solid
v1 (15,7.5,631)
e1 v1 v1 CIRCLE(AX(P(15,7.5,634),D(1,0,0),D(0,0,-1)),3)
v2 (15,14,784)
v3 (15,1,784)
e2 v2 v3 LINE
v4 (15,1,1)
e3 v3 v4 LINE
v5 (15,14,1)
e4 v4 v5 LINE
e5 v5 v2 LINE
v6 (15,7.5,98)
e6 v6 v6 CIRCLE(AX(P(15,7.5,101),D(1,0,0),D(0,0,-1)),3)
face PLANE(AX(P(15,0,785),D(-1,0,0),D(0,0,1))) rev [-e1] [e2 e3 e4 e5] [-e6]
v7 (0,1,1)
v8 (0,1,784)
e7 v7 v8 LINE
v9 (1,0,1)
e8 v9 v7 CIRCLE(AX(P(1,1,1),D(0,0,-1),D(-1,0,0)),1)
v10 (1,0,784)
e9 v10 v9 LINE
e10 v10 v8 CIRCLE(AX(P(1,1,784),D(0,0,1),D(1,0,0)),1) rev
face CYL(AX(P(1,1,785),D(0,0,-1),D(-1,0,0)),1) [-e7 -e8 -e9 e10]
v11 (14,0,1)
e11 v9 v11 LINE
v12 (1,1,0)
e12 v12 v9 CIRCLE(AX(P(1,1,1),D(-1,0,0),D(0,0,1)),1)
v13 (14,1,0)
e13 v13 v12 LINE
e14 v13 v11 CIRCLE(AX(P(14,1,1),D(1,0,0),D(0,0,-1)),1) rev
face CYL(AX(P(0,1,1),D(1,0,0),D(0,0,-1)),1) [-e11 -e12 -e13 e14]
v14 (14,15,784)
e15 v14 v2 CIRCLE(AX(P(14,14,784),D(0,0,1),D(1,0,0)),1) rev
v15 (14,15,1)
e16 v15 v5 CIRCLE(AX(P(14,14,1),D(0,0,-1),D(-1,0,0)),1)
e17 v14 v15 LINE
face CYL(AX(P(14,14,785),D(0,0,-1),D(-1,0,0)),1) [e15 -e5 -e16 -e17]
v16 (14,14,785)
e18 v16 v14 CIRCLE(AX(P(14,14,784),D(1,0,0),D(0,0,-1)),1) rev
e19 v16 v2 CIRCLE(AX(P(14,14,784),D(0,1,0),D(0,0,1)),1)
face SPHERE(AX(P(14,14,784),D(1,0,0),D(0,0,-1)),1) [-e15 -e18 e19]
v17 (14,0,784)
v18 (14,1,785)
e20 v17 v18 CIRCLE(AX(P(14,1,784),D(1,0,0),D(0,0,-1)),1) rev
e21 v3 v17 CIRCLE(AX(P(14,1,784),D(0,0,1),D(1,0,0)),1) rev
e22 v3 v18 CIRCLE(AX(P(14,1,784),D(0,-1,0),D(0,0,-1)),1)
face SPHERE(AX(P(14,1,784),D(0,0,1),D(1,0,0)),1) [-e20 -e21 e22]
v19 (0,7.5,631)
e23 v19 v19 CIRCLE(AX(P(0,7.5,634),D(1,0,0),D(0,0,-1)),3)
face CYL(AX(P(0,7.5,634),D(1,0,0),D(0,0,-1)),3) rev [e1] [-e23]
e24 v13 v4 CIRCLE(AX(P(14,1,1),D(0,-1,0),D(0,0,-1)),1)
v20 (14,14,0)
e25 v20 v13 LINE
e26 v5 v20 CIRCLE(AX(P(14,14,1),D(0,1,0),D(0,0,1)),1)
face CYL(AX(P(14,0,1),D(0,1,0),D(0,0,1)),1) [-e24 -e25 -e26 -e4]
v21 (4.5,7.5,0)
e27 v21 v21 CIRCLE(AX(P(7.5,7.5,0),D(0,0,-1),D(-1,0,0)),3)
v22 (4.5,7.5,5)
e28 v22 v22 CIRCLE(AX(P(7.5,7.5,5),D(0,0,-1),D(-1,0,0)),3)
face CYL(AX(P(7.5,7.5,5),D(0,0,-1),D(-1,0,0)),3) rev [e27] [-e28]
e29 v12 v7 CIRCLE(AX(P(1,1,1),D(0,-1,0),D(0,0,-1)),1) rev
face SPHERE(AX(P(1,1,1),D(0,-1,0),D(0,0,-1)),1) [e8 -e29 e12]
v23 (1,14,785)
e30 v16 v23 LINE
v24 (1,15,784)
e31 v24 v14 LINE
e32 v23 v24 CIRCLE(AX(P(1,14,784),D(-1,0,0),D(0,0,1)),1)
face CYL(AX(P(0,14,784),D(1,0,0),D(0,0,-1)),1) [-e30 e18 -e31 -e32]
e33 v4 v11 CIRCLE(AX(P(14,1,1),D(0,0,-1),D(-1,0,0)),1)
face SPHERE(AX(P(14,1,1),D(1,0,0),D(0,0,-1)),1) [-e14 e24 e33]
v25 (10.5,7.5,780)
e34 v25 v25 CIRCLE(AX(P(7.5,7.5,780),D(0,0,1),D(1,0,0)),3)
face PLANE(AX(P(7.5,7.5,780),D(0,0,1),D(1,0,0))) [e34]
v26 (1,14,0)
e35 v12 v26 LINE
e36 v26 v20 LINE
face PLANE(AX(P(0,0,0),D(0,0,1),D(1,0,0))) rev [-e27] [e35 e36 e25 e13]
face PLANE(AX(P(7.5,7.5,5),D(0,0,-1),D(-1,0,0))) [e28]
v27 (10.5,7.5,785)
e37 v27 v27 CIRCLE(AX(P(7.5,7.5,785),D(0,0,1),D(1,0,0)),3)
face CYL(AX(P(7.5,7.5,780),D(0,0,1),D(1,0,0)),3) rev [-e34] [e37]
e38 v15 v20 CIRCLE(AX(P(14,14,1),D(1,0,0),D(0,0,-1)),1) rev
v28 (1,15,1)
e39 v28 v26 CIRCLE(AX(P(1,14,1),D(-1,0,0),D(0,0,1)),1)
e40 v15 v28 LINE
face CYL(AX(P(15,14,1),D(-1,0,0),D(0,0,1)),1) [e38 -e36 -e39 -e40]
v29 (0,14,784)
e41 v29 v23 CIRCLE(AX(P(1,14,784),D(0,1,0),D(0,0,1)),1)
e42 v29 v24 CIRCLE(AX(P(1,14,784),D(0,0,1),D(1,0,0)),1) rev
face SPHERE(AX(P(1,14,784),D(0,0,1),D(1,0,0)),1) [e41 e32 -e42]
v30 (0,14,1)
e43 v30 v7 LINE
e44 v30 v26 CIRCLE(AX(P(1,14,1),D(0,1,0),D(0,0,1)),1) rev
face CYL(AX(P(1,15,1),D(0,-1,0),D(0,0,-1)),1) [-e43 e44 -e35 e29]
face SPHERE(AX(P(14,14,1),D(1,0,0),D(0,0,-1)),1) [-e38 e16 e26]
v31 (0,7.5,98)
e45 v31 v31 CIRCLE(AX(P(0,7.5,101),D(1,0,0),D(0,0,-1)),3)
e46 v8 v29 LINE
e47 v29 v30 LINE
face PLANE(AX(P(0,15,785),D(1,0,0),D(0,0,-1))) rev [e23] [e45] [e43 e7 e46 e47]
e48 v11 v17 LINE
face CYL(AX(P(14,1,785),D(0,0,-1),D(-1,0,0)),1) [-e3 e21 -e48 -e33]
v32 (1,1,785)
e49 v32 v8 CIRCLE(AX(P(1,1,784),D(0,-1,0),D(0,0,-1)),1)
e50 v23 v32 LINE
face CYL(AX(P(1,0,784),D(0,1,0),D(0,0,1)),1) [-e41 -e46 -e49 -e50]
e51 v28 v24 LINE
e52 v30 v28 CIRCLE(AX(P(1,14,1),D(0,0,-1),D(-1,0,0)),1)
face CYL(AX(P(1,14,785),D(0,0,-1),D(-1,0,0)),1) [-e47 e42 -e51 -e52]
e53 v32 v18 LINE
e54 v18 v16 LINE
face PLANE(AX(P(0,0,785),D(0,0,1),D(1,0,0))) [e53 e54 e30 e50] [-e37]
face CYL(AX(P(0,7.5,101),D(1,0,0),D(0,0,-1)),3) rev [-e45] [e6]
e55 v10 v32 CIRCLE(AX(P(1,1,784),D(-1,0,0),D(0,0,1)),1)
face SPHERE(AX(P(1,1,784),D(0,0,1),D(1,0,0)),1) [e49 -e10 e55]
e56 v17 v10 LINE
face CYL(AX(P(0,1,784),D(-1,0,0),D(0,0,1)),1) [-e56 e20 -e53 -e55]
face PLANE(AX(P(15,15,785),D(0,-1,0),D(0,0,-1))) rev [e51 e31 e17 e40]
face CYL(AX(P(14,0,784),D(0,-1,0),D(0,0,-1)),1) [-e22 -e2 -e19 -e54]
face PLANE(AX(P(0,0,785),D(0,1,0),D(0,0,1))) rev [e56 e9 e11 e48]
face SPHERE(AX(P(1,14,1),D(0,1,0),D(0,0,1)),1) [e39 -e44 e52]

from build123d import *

# Parameters (mm, degrees)
SKETCH1_W           = 15
SKETCH1_H           = 15
BOSS_EXTRUDE1_DEPTH = 785
SKETCH2_R           = 3
CUT_EXTRUDE1_DEPTH  = 5
CUT_EXTRUDE2_START  = -5
SKETCH3_R           = 3
CUT_EXTRUDE2_DEPTH  = 5
FILLET1_R           = 1
SKETCH5_R           = 3
CUT_EXTRUDE4_DEPTH  = 786.286571896


with BuildPart() as part:
    # Sketch1 → Boss-Extrude1 (new body)
    with BuildSketch(Plane.XY):
        with Locations((7.5, 7.5)):
            Rectangle(SKETCH1_W, SKETCH1_H)
    extrude(amount=BOSS_EXTRUDE1_DEPTH)

    # Sketch2 → Cut-Extrude1 (cut)
    with BuildSketch(Plane(origin=(0, 0, 0), x_dir=(-1, 0, 0), z_dir=(0, 0, -1))):
        with Locations((-7.5, 7.5)):
            Circle(SKETCH2_R)
    extrude(amount=-CUT_EXTRUDE1_DEPTH, mode=Mode.SUBTRACT)

    # Sketch3 → Cut-Extrude2 (cut)
    with BuildSketch(Plane.XY.offset(785).offset(CUT_EXTRUDE2_START)):
        with Locations(Location((7.5, 7.5, 0), (0, 0, 180))):
            Circle(SKETCH3_R)
    extrude(amount=CUT_EXTRUDE2_DEPTH, mode=Mode.SUBTRACT)

    # Fillet1
    fillet1_edges = [part.edges().sort_by_distance(p)[0] for p in [
        (0, 7.5, 785),
        (7.5, 0, 785),
        (15, 7.5, 785),
        (7.5, 0, 0),
        (0, 7.5, 0),
        (7.5, 15, 0),
        (15, 7.5, 0),
        (15, 0, 392.5),
        (0, 0, 392.5),
        (0, 15, 392.5),
        (15, 15, 392.5),
        (7.5, 15, 785),
    ]]
    fillet(fillet1_edges, radius=FILLET1_R)

    # Sketch5 → Cut-Extrude4 (cut, through all)
    with BuildSketch(Plane(origin=(15, 0, 0), x_dir=(0, 0, -1), z_dir=(1, 0, 0))):
        with Locations((-101, 7.5)):
            Circle(SKETCH5_R)
        with Locations((-634, 7.5)):
            Circle(SKETCH5_R)
    extrude(amount=-CUT_EXTRUDE4_DEPTH, mode=Mode.SUBTRACT)


solid = part.part
